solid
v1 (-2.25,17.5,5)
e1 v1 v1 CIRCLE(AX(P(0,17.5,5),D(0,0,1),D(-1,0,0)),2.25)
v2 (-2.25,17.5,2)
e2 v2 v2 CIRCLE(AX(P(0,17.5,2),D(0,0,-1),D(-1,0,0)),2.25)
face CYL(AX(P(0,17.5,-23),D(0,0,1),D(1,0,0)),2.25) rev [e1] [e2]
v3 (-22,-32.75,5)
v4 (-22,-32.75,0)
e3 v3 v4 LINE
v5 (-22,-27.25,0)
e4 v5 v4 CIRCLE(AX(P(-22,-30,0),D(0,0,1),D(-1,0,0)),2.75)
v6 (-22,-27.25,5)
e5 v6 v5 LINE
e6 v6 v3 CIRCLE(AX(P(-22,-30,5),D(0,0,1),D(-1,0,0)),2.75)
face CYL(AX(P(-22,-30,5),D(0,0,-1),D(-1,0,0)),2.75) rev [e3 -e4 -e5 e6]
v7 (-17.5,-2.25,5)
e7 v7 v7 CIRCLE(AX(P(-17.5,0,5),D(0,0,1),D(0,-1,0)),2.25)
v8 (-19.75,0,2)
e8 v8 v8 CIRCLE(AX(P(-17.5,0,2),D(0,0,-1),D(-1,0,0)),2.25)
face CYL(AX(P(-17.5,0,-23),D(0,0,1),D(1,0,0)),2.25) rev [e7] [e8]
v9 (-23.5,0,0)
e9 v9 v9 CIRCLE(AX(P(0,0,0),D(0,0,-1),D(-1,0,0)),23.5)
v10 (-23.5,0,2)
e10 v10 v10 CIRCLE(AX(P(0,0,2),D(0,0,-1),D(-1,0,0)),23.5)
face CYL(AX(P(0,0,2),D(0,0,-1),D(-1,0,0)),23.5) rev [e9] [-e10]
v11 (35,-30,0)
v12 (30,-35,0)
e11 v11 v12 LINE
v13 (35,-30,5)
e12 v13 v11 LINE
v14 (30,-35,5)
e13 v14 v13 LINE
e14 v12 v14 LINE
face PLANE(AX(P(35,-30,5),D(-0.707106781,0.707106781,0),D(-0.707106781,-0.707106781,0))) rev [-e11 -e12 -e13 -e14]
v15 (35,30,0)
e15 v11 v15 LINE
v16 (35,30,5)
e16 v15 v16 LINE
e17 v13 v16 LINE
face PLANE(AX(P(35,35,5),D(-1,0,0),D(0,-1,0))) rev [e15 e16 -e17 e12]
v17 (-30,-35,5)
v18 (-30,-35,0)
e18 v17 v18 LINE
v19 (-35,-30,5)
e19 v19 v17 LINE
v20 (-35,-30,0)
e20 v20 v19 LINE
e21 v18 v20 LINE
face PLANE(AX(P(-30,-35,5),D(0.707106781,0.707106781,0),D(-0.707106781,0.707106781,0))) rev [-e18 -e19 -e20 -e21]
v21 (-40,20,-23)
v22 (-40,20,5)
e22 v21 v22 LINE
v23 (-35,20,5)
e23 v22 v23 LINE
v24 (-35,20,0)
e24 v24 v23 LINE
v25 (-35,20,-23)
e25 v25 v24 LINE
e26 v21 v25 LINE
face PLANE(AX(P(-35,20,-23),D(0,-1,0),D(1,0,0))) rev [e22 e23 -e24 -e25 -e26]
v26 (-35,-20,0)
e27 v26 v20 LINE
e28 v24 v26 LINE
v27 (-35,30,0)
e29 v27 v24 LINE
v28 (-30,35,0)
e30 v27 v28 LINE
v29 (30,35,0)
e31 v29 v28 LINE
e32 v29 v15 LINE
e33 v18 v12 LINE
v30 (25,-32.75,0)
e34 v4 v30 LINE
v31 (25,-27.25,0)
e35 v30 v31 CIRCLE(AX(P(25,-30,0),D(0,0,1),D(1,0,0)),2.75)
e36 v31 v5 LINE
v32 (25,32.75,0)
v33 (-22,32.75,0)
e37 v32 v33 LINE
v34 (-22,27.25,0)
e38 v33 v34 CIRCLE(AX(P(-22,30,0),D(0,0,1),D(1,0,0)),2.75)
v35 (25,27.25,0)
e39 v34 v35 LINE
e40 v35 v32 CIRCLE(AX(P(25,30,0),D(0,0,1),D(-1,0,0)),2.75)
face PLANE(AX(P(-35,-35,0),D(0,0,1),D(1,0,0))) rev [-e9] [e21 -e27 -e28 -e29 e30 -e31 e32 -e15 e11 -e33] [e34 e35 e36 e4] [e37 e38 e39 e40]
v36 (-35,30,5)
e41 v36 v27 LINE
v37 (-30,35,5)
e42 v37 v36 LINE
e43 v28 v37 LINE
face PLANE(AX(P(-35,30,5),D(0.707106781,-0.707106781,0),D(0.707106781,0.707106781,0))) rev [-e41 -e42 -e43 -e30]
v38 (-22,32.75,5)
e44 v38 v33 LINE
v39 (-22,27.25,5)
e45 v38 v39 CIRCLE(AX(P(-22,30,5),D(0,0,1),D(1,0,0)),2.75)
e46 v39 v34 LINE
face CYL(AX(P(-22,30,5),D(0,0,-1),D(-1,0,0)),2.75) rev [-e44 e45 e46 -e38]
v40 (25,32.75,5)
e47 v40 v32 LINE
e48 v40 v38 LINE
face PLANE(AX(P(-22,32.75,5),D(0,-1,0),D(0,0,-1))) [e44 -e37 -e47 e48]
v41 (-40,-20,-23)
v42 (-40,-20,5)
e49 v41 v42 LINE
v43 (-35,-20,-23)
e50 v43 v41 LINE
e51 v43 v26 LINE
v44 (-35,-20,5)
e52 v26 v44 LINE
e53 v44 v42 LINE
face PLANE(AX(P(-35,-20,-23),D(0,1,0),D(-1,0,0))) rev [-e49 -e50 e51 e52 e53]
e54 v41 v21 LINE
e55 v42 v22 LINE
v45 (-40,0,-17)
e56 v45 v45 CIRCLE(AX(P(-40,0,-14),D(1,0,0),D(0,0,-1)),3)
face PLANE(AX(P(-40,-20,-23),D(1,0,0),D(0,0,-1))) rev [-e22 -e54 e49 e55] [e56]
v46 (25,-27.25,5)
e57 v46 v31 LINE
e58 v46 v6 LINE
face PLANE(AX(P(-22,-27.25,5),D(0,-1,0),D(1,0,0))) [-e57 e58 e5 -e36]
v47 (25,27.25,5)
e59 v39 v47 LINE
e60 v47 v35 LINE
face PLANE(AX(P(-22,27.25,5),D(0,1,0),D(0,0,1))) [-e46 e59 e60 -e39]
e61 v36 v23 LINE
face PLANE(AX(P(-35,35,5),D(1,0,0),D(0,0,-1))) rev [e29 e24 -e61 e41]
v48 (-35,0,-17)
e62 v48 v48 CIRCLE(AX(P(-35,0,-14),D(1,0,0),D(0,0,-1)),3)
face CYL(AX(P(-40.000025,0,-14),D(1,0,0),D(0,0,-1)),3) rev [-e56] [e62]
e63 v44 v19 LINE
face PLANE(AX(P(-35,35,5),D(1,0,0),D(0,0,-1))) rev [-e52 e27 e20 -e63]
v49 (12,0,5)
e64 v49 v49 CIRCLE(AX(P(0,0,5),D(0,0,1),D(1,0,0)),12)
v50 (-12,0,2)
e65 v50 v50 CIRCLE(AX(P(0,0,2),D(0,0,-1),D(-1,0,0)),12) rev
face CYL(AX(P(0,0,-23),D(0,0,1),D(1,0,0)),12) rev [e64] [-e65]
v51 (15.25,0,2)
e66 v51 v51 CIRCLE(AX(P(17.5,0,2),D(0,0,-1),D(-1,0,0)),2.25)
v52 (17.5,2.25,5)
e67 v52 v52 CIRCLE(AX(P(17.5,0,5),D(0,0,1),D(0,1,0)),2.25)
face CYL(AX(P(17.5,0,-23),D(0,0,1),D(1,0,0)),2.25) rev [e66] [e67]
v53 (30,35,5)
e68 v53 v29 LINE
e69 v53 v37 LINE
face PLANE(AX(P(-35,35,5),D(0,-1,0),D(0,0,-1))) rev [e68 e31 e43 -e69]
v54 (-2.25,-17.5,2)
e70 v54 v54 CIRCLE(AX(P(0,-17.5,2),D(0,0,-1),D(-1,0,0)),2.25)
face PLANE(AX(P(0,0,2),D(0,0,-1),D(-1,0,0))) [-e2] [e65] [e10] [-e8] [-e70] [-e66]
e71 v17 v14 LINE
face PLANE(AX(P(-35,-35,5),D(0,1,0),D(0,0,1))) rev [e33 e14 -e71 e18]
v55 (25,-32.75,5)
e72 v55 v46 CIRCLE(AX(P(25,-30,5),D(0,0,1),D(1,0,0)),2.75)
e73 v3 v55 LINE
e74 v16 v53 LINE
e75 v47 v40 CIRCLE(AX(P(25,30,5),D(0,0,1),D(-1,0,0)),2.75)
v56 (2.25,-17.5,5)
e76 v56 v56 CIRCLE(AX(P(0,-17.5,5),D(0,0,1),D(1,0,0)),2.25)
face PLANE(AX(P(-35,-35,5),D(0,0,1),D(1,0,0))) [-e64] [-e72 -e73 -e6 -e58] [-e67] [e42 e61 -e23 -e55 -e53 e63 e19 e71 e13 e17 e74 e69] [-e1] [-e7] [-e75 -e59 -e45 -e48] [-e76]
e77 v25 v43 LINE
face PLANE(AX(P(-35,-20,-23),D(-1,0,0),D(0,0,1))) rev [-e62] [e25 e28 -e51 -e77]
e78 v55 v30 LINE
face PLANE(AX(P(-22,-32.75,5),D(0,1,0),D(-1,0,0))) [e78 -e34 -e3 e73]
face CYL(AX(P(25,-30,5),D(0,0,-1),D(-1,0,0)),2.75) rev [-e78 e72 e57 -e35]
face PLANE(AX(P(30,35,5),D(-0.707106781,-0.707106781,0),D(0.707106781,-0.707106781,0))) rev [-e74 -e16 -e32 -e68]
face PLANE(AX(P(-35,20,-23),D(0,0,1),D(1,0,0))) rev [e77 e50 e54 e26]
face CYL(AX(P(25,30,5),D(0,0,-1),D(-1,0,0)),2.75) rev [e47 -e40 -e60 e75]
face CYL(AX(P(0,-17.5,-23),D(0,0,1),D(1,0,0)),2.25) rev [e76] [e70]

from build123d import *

# Parameters (mm, degrees)
ESQUISSE1_W                  = 70
ESQUISSE1_H                  = 70
EXTRUSION1_DEPTH             = 5
CHANFREIN1_SIZE              = 5
EXTRUSION2_DEPTH             = 23
EXTRUSION2_DEPTH_BACK        = 5
ESQUISSE2_W                  = 5
ESQUISSE2_H                  = 40
ESQUISSE3_R                  = 3
ENL_V_MAT_EXTRU_1_DEPTH      = 82.572054038
ESQUISSE4_R                  = 12
ENL_V_MAT_EXTRU_2_DEPTH      = 61.074953184
ESQUISSE5_R                  = 23.5
ENL_V_MAT_EXTRU_3_DEPTH      = 2
ESQUISSE6_R                  = 2.25
ENL_V_MAT_EXTRU_4_DEPTH      = 61.074953184
R_P_TITION_CIRCULAIRE1_COUNT = 4


with BuildPart() as part:
    # Esquisse1 → Extrusion1 (new body)
    with BuildSketch(Plane.XY):
        Rectangle(ESQUISSE1_W, ESQUISSE1_H)
        with BuildLine():
            Line((-22, 32.75), (25, 32.75))
            ThreePointArc((25, 32.75), (27.75, 30), (25, 27.25))
            Line((25, 27.25), (-22, 27.25))
            ThreePointArc((-22, 27.25), (-24.75, 30), (-22, 32.75))
        make_face(mode=Mode.SUBTRACT)
        with BuildLine():
            Line((-22, -27.25), (25, -27.25))
            ThreePointArc((25, -27.25), (27.75, -30), (25, -32.75))
            Line((25, -32.75), (-22, -32.75))
            ThreePointArc((-22, -32.75), (-24.75, -30), (-22, -27.25))
        make_face(mode=Mode.SUBTRACT)
    extrude(amount=EXTRUSION1_DEPTH)

    # Chanfrein1
    chanfrein1_edges = [part.edges().sort_by_distance(p)[0] for p in [
        (-35, 35, 2.5),
        (35, 35, 2.5),
        (35, -35, 2.5),
        (-35, -35, 2.5),
    ]]
    chamfer(chanfrein1_edges, length=CHANFREIN1_SIZE)

    # Esquisse2 → Extrusion2 (add, two sides: drawn at the far end of the back side and taken through both)
    with BuildSketch(Plane(origin=(0, 0, 0), x_dir=(-1, 0, 0), z_dir=(0, 0, -1)).offset(-EXTRUSION2_DEPTH_BACK)):
        with Locations((37.5, 0)):
            Rectangle(ESQUISSE2_W, ESQUISSE2_H)
    extrude(amount=EXTRUSION2_DEPTH + EXTRUSION2_DEPTH_BACK)

    # Esquisse3 → Enlèv. mat.-Extru.1 (cut, through all)
    with BuildSketch(Plane(origin=(-35, 0, 0), x_dir=(0, 0, -1), z_dir=(1, 0, 0))):
        with Locations((14, 0)):
            Circle(ESQUISSE3_R)
    extrude(amount=-ENL_V_MAT_EXTRU_1_DEPTH, mode=Mode.SUBTRACT)

    # Esquisse4 → Enlèv. mat.-Extru.2 (cut, through all)
    with BuildSketch(Plane.XY.offset(5)):
        Circle(ESQUISSE4_R)
    extrude(amount=-ENL_V_MAT_EXTRU_2_DEPTH, mode=Mode.SUBTRACT)

    # Esquisse5 → Enlèv. mat.-Extru.3 (cut)
    with BuildSketch(Plane(origin=(0, 0, 0), x_dir=(-1, 0, 0), z_dir=(0, 0, -1))):
        Circle(ESQUISSE5_R)
    extrude(amount=-ENL_V_MAT_EXTRU_3_DEPTH, mode=Mode.SUBTRACT)

    # Esquisse6 → Enlèv. mat.-Extru.4 (cut, through all)
    with BuildSketch(Plane.XY.offset(5)):
        with Locations((0, -17.5)):
            Circle(ESQUISSE6_R)
    enl_v_mat_extru_4 = extrude(amount=-ENL_V_MAT_EXTRU_4_DEPTH, mode=Mode.SUBTRACT)

    # Répétition circulaire1: Enlèv. mat.-Extru.4 ×4 about axis
    r_p_tition_circulaire1_axis = Axis((0, 0, 0), (0, 0, 1))
    for i in range(1, R_P_TITION_CIRCULAIRE1_COUNT):
        add(enl_v_mat_extru_4.rotate(r_p_tition_circulaire1_axis, i * 360 / R_P_TITION_CIRCULAIRE1_COUNT), mode=Mode.SUBTRACT)


solid = part.part
